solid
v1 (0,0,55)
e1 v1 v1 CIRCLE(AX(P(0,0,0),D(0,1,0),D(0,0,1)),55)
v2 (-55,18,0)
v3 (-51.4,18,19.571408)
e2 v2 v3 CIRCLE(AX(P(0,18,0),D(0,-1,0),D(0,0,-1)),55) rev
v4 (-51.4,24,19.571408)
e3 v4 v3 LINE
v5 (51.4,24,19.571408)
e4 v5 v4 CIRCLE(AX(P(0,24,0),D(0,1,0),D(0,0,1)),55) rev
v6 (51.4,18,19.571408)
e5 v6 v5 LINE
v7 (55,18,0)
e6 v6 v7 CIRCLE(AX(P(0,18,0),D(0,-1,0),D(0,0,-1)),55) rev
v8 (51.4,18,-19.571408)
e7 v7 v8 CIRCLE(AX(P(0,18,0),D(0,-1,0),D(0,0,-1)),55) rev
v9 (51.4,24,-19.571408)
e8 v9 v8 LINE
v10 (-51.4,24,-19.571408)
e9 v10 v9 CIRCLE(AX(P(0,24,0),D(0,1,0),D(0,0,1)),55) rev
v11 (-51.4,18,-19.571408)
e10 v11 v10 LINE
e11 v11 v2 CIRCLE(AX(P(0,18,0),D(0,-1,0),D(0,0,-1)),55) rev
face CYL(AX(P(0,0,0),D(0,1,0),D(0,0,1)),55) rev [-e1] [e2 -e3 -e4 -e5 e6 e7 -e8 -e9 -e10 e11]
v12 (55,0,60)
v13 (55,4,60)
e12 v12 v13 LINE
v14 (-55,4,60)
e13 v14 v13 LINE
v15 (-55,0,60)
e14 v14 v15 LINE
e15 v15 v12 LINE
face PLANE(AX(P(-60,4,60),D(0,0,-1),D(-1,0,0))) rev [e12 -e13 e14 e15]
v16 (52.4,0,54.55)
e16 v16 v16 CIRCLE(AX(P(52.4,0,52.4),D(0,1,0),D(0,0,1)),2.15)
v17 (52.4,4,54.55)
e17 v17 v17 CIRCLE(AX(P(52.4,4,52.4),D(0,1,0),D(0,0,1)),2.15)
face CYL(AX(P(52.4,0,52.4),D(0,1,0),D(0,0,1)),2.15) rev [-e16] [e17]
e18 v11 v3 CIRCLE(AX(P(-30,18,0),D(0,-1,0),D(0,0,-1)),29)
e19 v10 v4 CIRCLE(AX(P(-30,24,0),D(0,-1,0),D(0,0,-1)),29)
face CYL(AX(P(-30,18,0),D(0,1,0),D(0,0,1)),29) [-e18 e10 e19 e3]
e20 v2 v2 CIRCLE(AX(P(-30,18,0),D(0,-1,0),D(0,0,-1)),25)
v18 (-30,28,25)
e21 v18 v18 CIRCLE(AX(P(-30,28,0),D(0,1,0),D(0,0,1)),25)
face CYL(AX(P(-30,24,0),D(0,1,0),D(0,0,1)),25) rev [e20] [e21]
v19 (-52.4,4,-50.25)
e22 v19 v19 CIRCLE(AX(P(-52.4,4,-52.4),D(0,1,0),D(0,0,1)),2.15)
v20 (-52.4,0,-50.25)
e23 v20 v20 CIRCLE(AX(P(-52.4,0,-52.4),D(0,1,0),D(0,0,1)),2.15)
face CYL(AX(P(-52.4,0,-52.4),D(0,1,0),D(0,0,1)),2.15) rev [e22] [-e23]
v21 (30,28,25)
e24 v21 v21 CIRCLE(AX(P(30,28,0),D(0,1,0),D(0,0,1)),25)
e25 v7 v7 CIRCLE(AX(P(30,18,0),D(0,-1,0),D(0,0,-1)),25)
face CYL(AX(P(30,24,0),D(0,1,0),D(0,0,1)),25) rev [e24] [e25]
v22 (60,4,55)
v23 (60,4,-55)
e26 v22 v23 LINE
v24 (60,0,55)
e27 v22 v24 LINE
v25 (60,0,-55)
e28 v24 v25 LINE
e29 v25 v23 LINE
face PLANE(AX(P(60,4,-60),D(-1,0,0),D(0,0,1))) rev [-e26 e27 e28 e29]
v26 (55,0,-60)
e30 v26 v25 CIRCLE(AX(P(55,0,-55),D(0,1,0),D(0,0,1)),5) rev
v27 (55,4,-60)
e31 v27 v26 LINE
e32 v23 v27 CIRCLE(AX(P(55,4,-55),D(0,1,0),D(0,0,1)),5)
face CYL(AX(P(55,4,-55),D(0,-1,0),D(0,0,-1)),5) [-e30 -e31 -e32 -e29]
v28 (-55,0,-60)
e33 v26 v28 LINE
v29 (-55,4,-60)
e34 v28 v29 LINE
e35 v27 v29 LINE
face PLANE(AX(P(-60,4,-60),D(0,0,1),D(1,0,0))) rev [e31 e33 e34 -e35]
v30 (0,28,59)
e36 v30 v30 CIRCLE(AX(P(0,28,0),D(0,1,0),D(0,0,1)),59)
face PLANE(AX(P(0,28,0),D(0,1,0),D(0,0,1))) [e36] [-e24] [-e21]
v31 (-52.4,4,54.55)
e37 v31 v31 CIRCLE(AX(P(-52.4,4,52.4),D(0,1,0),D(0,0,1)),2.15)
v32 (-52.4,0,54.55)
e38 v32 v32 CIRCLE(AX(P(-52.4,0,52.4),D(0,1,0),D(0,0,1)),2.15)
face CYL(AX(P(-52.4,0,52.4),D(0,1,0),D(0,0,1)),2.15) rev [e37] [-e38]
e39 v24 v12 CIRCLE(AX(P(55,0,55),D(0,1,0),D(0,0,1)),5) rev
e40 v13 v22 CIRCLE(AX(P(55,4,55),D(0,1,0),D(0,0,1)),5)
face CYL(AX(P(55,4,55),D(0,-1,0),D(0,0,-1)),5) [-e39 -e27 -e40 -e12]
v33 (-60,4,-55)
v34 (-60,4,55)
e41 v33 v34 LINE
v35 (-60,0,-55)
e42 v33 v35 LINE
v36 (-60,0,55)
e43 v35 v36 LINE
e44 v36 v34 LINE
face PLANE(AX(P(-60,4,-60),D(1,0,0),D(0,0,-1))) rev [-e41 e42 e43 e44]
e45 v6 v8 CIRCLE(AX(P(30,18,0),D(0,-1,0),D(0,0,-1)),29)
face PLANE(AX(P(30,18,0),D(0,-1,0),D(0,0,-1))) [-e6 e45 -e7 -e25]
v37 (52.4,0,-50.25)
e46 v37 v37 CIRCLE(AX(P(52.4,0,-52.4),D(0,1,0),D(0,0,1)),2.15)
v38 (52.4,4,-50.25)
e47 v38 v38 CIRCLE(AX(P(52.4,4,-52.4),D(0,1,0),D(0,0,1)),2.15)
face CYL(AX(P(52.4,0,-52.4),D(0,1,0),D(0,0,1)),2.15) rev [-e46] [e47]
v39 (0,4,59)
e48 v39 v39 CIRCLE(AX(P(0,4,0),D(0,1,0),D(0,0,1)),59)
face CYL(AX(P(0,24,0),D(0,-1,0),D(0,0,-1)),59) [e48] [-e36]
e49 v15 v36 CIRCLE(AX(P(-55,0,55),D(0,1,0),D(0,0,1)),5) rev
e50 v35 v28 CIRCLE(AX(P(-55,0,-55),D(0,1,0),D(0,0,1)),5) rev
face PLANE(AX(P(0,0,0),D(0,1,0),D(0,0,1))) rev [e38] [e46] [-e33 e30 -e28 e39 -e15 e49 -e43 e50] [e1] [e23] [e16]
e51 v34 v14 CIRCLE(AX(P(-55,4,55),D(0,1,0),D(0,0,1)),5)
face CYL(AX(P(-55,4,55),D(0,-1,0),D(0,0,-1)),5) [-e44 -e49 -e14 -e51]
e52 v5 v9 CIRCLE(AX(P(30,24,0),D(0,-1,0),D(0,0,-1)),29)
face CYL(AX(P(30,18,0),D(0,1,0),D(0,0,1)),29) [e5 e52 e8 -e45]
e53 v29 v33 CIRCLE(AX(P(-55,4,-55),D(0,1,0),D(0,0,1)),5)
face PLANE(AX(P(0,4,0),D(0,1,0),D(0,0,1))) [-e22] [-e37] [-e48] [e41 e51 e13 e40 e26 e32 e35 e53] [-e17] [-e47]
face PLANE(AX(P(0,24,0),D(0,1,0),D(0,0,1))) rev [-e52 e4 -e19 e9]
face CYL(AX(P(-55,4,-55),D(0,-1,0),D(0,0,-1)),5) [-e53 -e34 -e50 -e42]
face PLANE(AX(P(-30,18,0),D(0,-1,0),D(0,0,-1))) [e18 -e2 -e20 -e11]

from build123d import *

# Parameters (mm, degrees)
SKETCH1_W           = 120
SKETCH1_H           = 120
BOSS_EXTRUDE1_DEPTH = 4
FILLET1_R           = 5
SKETCH2_R           = 2.15
CUT_EXTRUDE1_DEPTH  = 4
SKETCH3_R           = 55
CUT_EXTRUDE2_DEPTH  = 4
BOSS_EXTRUDE2_START = 20
SKETCH5_R           = 59
SKETCH5_R_2         = 55
BOSS_EXTRUDE2_DEPTH = 20
BOSS_EXTRUDE3_START = 4
SKETCH6_R           = 59
BOSS_EXTRUDE3_DEPTH = 4
SKETCH7_R           = 25
CUT_EXTRUDE3_DEPTH  = 4
SKETCH8_R           = 29
SKETCH8_R_2         = 25
BOSS_EXTRUDE4_DEPTH = 6


with BuildPart() as part:
    # Sketch1 → Boss-Extrude1 (new body)
    with BuildSketch(Plane(origin=(0, 0, 0), x_dir=(1, 0, 0), z_dir=(0, 1, 0))):
        Rectangle(SKETCH1_W, SKETCH1_H)
    extrude(amount=BOSS_EXTRUDE1_DEPTH)

    # Fillet1
    fillet1_edges = [part.edges().sort_by_distance(p)[0] for p in [
        (60, 2, 60),
        (-60, 2, 60),
        (-60, 2, -60),
        (60, 2, -60),
    ]]
    fillet(fillet1_edges, radius=FILLET1_R)

    # Sketch2 → Cut-Extrude1 (cut)
    with BuildSketch(Plane(origin=(0, 4, 0), x_dir=(1, 0, 0), z_dir=(0, 1, 0))):
        with Locations(Location((-52.4, 52.4, 0), (0, 0, 270))):
            Circle(SKETCH2_R)
        with Locations(Location((52.4, 52.4, 0), (0, 0, 270))):
            Circle(SKETCH2_R)
        with Locations(Location((-52.4, -52.4, 0), (0, 0, 270))):
            Circle(SKETCH2_R)
        with Locations(Location((52.4, -52.4, 0), (0, 0, 270))):
            Circle(SKETCH2_R)
    extrude(amount=-CUT_EXTRUDE1_DEPTH, mode=Mode.SUBTRACT)

    # Sketch3 → Cut-Extrude2 (cut)
    with BuildSketch(Plane(origin=(0, 4, 0), x_dir=(1, 0, 0), z_dir=(0, 1, 0))):
        with Locations(Location((0, 0, 0), (0, 0, 270))):
            Circle(SKETCH3_R)
    extrude(amount=-CUT_EXTRUDE2_DEPTH, mode=Mode.SUBTRACT)

    # Sketch5 → Boss-Extrude2 (add)
    with BuildSketch(Plane(origin=(0, 4, 0), x_dir=(1, 0, 0), z_dir=(0, 1, 0)).offset(BOSS_EXTRUDE2_START)):
        with Locations(Location((0, 0, 0), (0, 0, 270))):
            Circle(SKETCH5_R)
        with Locations(Location((0, 0, 0), (0, 0, 270))):
            Circle(SKETCH5_R_2, mode=Mode.SUBTRACT)
    extrude(amount=-BOSS_EXTRUDE2_DEPTH)

    # Sketch6 → Boss-Extrude3 (add)
    with BuildSketch(Plane(origin=(0, 24, 0), x_dir=(1, 0, 0), z_dir=(0, 1, 0)).offset(BOSS_EXTRUDE3_START)):
        with Locations(Location((0, 0, 0), (0, 0, 270))):
            Circle(SKETCH6_R)
    extrude(amount=-BOSS_EXTRUDE3_DEPTH)

    # Sketch7 → Cut-Extrude3 (cut)
    with BuildSketch(Plane(origin=(0, 28, 0), x_dir=(1, 0, 0), z_dir=(0, 1, 0))):
        with Locations(Location((30, 0, 0), (0, 0, 270))):
            Circle(SKETCH7_R)
        with Locations(Location((-30, 0, 0), (0, 0, 270))):
            Circle(SKETCH7_R)
    extrude(amount=-CUT_EXTRUDE3_DEPTH, mode=Mode.SUBTRACT)

    # Sketch8 → Boss-Extrude4 (add)
    # profile 1 of 2: a face of its own
    with BuildSketch(Plane.XZ.offset(-24)):
        with Locations((30, 0)):
            Circle(SKETCH8_R)
        with Locations(Location((30, 0, 0), (0, 0, 90))):
            Circle(SKETCH8_R_2, mode=Mode.SUBTRACT)
    # profile 2 of 2: a face of its own
    with BuildSketch(Plane.XZ.offset(-24)):
        with Locations((-30, 0)):
            Circle(SKETCH8_R)
        with Locations(Location((-30, 0, 0), (0, 0, 90))):
            Circle(SKETCH8_R_2, mode=Mode.SUBTRACT)
    extrude(amount=BOSS_EXTRUDE4_DEPTH)


solid = part.part
